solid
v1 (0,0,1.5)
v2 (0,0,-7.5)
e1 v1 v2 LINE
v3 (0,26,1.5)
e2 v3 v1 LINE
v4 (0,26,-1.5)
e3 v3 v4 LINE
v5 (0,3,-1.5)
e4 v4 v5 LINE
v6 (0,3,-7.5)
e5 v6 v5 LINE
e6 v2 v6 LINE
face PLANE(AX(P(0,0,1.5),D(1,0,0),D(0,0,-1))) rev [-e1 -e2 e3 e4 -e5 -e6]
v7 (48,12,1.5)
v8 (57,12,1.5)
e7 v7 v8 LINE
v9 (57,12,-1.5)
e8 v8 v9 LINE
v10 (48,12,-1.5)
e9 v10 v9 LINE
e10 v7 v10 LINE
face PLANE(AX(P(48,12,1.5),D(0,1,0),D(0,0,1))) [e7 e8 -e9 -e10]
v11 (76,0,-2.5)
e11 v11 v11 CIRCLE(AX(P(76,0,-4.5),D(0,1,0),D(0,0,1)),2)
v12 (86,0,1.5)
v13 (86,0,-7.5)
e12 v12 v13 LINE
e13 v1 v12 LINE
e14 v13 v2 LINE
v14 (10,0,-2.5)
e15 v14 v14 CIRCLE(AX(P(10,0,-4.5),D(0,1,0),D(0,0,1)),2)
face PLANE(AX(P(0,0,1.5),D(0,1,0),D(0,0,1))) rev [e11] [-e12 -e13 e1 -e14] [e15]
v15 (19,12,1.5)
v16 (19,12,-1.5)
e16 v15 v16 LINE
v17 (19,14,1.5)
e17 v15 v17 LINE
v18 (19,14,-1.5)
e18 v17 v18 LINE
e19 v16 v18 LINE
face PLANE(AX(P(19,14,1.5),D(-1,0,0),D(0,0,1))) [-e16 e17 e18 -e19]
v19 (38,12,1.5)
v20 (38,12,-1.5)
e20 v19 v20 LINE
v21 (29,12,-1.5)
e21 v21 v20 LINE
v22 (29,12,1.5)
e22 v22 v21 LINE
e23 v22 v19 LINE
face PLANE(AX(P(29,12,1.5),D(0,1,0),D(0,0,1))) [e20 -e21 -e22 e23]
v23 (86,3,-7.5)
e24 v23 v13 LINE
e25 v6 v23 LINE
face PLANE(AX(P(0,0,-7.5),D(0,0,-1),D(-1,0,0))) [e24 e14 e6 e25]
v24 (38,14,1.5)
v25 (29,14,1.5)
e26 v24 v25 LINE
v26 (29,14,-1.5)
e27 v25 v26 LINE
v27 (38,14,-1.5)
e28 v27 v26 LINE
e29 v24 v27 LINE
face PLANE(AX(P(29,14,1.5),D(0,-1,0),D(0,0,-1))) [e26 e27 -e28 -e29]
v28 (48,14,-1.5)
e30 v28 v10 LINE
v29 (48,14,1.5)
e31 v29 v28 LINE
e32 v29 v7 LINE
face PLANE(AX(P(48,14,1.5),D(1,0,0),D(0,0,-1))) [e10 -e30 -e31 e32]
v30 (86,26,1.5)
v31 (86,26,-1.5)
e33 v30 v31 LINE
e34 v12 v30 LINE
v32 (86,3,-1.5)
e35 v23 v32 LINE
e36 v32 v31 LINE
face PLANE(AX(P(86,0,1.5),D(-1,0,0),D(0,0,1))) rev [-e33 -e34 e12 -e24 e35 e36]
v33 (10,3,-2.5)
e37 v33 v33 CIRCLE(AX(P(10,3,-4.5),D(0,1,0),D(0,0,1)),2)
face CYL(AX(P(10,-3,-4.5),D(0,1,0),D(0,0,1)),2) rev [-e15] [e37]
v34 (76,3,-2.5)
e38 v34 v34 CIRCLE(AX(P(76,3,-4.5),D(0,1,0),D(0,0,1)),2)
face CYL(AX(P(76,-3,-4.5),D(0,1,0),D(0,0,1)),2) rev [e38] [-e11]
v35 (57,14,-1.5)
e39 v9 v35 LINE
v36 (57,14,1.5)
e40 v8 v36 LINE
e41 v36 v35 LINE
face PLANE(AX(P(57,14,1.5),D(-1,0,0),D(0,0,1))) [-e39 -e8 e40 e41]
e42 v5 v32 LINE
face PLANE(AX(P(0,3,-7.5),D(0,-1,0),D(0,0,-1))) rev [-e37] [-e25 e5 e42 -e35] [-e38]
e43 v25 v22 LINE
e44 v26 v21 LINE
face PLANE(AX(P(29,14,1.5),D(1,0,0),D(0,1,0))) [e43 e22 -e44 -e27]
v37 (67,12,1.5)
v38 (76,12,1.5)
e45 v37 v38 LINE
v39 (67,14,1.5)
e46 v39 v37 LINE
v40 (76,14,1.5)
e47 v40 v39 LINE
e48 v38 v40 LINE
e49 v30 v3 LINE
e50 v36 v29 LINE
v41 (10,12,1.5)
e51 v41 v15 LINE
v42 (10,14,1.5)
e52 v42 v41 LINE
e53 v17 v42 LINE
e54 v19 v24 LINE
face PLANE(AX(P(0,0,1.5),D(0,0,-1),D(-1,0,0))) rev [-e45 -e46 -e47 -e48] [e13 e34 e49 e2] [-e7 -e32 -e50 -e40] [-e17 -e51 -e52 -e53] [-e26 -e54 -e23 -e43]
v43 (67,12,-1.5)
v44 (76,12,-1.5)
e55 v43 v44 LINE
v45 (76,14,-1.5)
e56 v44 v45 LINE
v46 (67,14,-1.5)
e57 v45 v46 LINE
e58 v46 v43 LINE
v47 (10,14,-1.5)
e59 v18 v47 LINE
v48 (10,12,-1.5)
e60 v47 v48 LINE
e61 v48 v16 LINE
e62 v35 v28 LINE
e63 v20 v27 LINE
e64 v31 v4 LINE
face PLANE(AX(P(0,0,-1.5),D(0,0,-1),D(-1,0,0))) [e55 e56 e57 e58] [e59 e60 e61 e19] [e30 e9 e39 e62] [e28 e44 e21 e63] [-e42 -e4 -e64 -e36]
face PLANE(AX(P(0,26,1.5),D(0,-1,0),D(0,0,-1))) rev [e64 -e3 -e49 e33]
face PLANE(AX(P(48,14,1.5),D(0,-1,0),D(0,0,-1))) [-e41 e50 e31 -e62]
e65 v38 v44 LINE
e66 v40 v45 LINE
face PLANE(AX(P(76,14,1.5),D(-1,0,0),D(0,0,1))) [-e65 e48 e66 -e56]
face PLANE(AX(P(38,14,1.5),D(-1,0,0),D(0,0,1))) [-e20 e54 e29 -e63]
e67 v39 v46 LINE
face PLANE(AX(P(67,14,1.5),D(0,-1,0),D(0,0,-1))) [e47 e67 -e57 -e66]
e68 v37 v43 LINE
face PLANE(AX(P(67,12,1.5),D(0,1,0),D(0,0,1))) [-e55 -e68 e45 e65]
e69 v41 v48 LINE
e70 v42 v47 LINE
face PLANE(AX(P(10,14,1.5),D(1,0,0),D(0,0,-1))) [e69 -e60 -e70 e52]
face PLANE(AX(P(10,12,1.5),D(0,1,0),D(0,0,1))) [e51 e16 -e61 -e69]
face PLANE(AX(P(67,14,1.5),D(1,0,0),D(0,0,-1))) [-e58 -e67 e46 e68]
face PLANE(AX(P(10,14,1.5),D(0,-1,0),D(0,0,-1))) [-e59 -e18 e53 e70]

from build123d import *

# Parameters (mm, degrees)
SKETCH_1_W          = 86
SKETCH_1_H          = 26
SKETCH_1_W_2        = 9
SKETCH_1_H_2        = 2
EXTRUDE_1_DEPTH     = 1.5
SKETCH_3_W          = 86
SKETCH_3_H          = 3
EXTRUDE_2_DEPTH     = 6
SKETCH_4_R          = 2
CUT_EXTRUDE_1_DEPTH = 6


with BuildPart() as part:
    # 草图1 → 凸台-拉伸1 (new, symmetric)
    with BuildSketch(Plane.XY):
        with Locations((43, 13)):
            Rectangle(SKETCH_1_W, SKETCH_1_H)
        with Locations((14.5, 13)):
            Rectangle(SKETCH_1_W_2, SKETCH_1_H_2, mode=Mode.SUBTRACT)
        with Locations((33.5, 13)):
            Rectangle(SKETCH_1_W_2, SKETCH_1_H_2, mode=Mode.SUBTRACT)
        with Locations((52.5, 13)):
            Rectangle(SKETCH_1_W_2, SKETCH_1_H_2, mode=Mode.SUBTRACT)
        with Locations((71.5, 13)):
            Rectangle(SKETCH_1_W_2, SKETCH_1_H_2, mode=Mode.SUBTRACT)
    extrude(amount=EXTRUDE_1_DEPTH, both=True)

    # 草图3 → 凸台-拉伸2 (add)
    with BuildSketch(Plane(origin=(0, 0, -1.5), x_dir=(-1, 0, 0), z_dir=(0, 0, -1))):
        with Locations((-43, 1.5)):
            Rectangle(SKETCH_3_W, SKETCH_3_H)
    extrude(amount=EXTRUDE_2_DEPTH)

    # 草图4 → 切除-拉伸1 (cut)
    with BuildSketch(Plane(origin=(0, 3, 0), x_dir=(1, 0, 0), z_dir=(0, 1, 0))):
        with Locations(Location((10, 4.5, 0), (0, 0, 270))):
            Circle(SKETCH_4_R)
        with Locations(Location((76, 4.5, 0), (0, 0, 270))):
            Circle(SKETCH_4_R)
    extrude(amount=-CUT_EXTRUDE_1_DEPTH, mode=Mode.SUBTRACT)


solid = part.part
